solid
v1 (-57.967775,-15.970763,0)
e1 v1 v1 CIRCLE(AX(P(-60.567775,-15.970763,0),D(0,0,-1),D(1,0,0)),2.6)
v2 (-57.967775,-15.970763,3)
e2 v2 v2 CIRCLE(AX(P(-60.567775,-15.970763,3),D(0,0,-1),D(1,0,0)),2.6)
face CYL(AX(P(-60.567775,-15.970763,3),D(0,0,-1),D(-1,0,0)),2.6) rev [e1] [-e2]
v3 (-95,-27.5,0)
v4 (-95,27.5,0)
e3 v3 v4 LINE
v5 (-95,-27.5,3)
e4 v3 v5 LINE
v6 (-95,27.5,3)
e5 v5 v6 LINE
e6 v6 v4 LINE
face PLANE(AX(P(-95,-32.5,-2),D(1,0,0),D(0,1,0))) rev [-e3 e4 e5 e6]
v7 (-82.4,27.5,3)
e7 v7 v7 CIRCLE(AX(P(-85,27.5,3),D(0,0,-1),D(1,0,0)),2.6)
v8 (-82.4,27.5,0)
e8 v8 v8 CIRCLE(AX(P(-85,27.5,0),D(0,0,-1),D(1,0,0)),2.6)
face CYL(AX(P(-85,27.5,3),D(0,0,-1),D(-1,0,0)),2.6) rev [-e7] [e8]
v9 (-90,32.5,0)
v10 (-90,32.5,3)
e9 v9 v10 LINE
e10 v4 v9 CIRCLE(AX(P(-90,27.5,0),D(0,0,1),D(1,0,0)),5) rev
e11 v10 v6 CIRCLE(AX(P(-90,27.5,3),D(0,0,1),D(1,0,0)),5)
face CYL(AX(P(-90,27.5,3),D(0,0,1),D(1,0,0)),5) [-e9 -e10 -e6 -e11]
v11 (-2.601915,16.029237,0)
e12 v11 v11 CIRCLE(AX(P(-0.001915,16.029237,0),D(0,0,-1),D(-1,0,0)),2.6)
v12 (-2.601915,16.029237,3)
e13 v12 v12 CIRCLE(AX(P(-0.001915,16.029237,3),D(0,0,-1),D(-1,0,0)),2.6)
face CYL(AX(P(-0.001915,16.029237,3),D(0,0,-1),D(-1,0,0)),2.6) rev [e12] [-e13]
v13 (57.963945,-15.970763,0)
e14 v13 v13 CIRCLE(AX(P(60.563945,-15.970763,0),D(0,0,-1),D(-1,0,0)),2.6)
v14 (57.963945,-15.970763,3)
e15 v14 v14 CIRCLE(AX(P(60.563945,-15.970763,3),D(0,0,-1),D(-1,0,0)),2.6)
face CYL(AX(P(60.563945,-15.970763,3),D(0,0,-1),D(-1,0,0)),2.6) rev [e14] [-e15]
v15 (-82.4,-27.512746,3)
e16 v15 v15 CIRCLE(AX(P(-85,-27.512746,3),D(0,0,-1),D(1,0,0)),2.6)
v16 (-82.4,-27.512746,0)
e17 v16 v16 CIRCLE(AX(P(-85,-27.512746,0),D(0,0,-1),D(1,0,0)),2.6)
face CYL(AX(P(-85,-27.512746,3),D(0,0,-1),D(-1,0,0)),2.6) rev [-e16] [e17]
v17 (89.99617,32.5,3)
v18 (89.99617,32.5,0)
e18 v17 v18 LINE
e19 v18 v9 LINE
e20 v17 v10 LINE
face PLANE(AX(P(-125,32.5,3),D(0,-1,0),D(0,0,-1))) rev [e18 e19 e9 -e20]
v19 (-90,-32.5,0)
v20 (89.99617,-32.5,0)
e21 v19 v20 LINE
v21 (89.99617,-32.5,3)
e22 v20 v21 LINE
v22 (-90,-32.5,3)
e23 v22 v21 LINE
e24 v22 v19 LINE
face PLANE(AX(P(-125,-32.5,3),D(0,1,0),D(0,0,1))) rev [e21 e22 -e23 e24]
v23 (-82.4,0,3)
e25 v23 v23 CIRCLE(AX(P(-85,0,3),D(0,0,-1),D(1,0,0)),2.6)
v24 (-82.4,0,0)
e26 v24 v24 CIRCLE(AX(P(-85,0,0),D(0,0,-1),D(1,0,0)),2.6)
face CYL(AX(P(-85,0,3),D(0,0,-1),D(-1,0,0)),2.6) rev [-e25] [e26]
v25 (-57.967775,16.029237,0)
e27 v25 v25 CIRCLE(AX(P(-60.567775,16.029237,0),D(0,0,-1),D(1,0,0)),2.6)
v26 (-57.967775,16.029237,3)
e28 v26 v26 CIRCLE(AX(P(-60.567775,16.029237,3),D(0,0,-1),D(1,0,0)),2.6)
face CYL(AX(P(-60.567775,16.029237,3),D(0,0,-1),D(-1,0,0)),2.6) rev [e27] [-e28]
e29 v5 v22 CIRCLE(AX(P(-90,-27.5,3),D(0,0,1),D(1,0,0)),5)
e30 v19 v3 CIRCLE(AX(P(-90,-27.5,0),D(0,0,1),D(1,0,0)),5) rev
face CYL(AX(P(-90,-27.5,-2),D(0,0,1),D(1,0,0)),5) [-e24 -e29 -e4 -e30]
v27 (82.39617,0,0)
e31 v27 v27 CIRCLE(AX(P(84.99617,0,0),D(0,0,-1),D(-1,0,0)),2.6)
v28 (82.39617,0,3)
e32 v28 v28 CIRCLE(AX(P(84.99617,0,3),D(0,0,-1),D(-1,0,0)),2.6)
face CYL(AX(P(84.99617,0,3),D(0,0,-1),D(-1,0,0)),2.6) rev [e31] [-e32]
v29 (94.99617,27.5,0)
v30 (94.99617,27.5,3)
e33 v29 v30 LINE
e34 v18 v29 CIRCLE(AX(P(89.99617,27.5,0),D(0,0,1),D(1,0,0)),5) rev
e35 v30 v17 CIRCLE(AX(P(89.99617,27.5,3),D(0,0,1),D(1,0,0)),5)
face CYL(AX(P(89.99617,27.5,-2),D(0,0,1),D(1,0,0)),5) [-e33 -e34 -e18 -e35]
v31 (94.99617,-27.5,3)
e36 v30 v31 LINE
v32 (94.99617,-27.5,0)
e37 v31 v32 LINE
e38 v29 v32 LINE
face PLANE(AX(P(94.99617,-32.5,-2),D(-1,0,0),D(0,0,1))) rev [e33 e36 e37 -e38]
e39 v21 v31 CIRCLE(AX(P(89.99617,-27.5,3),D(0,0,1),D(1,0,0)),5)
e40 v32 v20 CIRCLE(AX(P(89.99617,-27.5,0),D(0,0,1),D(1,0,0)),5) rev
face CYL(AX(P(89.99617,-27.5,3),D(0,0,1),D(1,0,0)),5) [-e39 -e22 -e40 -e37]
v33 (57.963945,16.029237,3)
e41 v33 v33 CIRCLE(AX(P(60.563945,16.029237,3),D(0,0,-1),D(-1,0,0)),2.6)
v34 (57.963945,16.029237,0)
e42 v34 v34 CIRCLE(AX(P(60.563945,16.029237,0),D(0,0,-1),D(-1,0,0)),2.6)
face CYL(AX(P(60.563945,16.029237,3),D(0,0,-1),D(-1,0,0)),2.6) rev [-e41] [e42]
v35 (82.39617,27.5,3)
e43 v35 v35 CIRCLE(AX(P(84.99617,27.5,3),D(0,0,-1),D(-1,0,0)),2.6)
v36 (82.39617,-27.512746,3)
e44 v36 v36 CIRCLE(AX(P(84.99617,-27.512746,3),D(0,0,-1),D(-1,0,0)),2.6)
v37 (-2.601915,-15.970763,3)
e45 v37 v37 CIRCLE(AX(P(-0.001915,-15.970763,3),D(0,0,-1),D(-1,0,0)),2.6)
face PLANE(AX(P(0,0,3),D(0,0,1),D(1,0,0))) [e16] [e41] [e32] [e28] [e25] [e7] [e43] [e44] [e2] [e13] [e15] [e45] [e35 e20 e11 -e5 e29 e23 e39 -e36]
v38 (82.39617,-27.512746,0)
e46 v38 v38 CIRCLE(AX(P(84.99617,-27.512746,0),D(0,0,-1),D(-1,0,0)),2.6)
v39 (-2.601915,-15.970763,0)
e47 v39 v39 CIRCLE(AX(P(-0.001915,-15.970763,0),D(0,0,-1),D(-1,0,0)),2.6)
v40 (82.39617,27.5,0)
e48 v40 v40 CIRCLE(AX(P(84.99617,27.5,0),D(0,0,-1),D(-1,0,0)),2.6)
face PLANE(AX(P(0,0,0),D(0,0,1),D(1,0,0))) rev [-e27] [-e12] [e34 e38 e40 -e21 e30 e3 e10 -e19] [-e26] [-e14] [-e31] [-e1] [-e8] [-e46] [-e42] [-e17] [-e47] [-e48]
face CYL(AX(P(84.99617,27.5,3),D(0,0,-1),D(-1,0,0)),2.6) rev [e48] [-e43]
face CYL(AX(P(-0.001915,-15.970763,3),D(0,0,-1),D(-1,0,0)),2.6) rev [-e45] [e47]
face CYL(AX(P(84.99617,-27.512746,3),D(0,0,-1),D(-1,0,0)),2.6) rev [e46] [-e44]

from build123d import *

# Parameters (mm, degrees)
SKETCH_1_W           = 250
SKETCH_1_H           = 65
SKETCH_1_R           = 2.5
EXTRUDE_1_DEPTH      = 3
FILLET_1_R           = 3
CUT_EXTRUDE_3_DEPTH  = 4
FILLET_2_R           = 3
SKETCH_6_W           = 30
SKETCH_6_H           = 65
CUT_EXTRUDE_4_DEPTH  = 5
CUT_EXTRUDE_7_DEPTH  = 5
FILLET_3_R           = 5
SKETCH_8_R           = 2.5
EXTRUDE_2_DEPTH      = 3
SKETCH_10_R          = 2.5
CUT_EXTRUDE_8_DEPTH  = 3
SKETCH_13_R          = 2.5
EXTRUDE_3_DEPTH      = 3
SKETCH_15_R          = 2.5
EXTRUDE_4_DEPTH      = 3
SKETCH_18_R          = 2.5
CUT_EXTRUDE_11_DEPTH = 4
SKETCH_20_R          = 2.5
CUT_EXTRUDE_12_DEPTH = 10
SKETCH_21_R          = 2.6
CUT_EXTRUDE_13_DEPTH = 4


with BuildPart() as part:
    # 草图1 → 凸台-拉伸1 (new body)
    with BuildSketch(Plane.XY):
        Rectangle(SKETCH_1_W, SKETCH_1_H)
        with Locations((-70, 16)):
            Circle(SKETCH_1_R, mode=Mode.SUBTRACT)
        with Locations((-70, -16)):
            Circle(SKETCH_1_R, mode=Mode.SUBTRACT)
        with Locations((70, -16)):
            Circle(SKETCH_1_R, mode=Mode.SUBTRACT)
        with Locations((70, 16)):
            Circle(SKETCH_1_R, mode=Mode.SUBTRACT)
        with Locations((0, 16)):
            Circle(SKETCH_1_R, mode=Mode.SUBTRACT)
        with Locations((0, -16)):
            Circle(SKETCH_1_R, mode=Mode.SUBTRACT)
    extrude(amount=EXTRUDE_1_DEPTH)

    # 圆角1
    fillet_1_edges = [part.edges().sort_by_distance(p)[0] for p in [
        (125, -32.5, 1.5),
        (-125, -32.5, 1.5),
        (-125, 32.5, 1.5),
        (125, 32.5, 1.5),
    ]]
    fillet(fillet_1_edges, radius=FILLET_1_R)

    # 草图4 → 切除-拉伸3 (cut, through all)
    with BuildSketch(Plane(origin=(0, 0, 0), x_dir=(-1, 0, 0), z_dir=(0, 0, -1))):
        with BuildLine():
            Line((-113.82, 32.5), (-122, 32.5))
            ThreePointArc((-122, 32.5), (-124.121320344, 31.621320344), (-125, 29.5))
            Line((-125, 29.5), (-125, -29.5))
            ThreePointArc((-125, -29.5), (-124.121320344, -31.621320344), (-122, -32.5))
            Line((-122, -32.5), (-113.82, -32.5))
            Line((-113.82, -32.5), (-113.82, 32.5))
        make_face()
    extrude(amount=-CUT_EXTRUDE_3_DEPTH, mode=Mode.SUBTRACT)

    # 圆角2
    fillet_2_edges = [part.edges().sort_by_distance(p)[0] for p in [
        (113.82, 32.5, 1.5),
        (113.82, -32.5, 1.5),
    ]]
    fillet(fillet_2_edges, radius=FILLET_2_R)

    # 草图6 → 切除-拉伸4 (cut)
    with BuildSketch(Plane.XY.offset(3)):
        with Locations((-110, 0)):
            Rectangle(SKETCH_6_W, SKETCH_6_H)
    extrude(amount=-CUT_EXTRUDE_4_DEPTH, mode=Mode.SUBTRACT)

    # 草图7 → 切除-拉伸7 (cut)
    with BuildSketch(Plane.XY.offset(3)):
        Polygon((113.82, -32.860309594), (113.82, 33.556993736), (94.996170136, 32.5), (94.996170136, -32.5), align=None)
    extrude(amount=-CUT_EXTRUDE_7_DEPTH, mode=Mode.SUBTRACT)

    # 圆角3
    fillet_3_edges = [part.edges().sort_by_distance(p)[0] for p in [
        (-95, 32.5, 1.5),
        (-95, -32.5, 1.5),
        (94.996170136, -32.5, 1.5),
        (94.996170136, 32.5, 1.5),
    ]]
    fillet(fillet_3_edges, radius=FILLET_3_R)

    # 草图8 → 凸台-拉伸2 (add)
    with BuildSketch(Plane(origin=(0, 0, 0), x_dir=(-1, 0, 0), z_dir=(0, 0, -1))):
        with Locations((70, 16)):
            Circle(SKETCH_8_R)
        with Locations((70, -16)):
            Circle(SKETCH_8_R)
        with Locations((-70, 16)):
            Circle(SKETCH_8_R)
        with Locations((-70, -16)):
            Circle(SKETCH_8_R)
    extrude(amount=-EXTRUDE_2_DEPTH)

    # 草图10 → 切除-拉伸8 (cut)
    with BuildSketch(Plane(origin=(0, 0, 0), x_dir=(-1, 0, 0), z_dir=(0, 0, -1))):
        with Locations((-60.563944815, 16.029236842)):
            Circle(SKETCH_10_R)
        with Locations((-60.563944815, -15.970763158)):
            Circle(SKETCH_10_R)
        with Locations((62.89412836, 16.029236842)):
            Circle(SKETCH_10_R)
        with Locations((62.89412836, -15.970763158)):
            Circle(SKETCH_10_R)
    extrude(amount=-CUT_EXTRUDE_8_DEPTH, mode=Mode.SUBTRACT)

    # 草图13 → 凸台-拉伸3 (add)
    with BuildSketch(Plane(origin=(0, 0, 0), x_dir=(-1, 0, 0), z_dir=(0, 0, -1))):
        with Locations((62.89412836, 16.029236842)):
            Circle(SKETCH_13_R)
        with Locations((62.89412836, -15.970763158)):
            Circle(SKETCH_13_R)
    extrude(amount=-EXTRUDE_3_DEPTH)

    # 草图15 → 凸台-拉伸4 (add)
    with BuildSketch(Plane(origin=(0, 0, 0), x_dir=(-1, 0, 0), z_dir=(0, 0, -1))):
        with Locations((62.89412836, 16.029236843)):
            Circle(SKETCH_15_R)
        with Locations((62.89412836, -15.970763157)):
            Circle(SKETCH_15_R)
    extrude(amount=-EXTRUDE_4_DEPTH)

    # 草图18 → 切除-拉伸11 (cut, through all)
    with BuildSketch(Plane(origin=(0, 0, 0), x_dir=(-1, 0, 0), z_dir=(0, 0, -1))):
        with Locations((-84.996170136, 27.5)):
            Circle(SKETCH_18_R)
        with Locations((-84.996170136, -27.5)):
            Circle(SKETCH_18_R)
    cut_extrude_11 = extrude(amount=-CUT_EXTRUDE_11_DEPTH, mode=Mode.SUBTRACT)

    # 镜向1: 切除-拉伸11 across plane
    add(cut_extrude_11.mirror(Plane(origin=(-0.001914932, 0, 0), x_dir=(0, 0, 1), z_dir=(1, 0, 0))), mode=Mode.SUBTRACT)

    # 草图20 → 切除-拉伸12 (cut)
    with BuildSketch(Plane(origin=(0, 0, 0), x_dir=(-1, 0, 0), z_dir=(0, 0, -1))):
        with Locations((85, 0)):
            Circle(SKETCH_20_R)
        with Locations((-84.996170136, 0)):
            Circle(SKETCH_20_R)
    extrude(amount=-CUT_EXTRUDE_12_DEPTH, mode=Mode.SUBTRACT)

    # 草图21 → 切除-拉伸13 (cut, through all)
    with BuildSketch(Plane(origin=(0, 0, 0), x_dir=(-1, 0, 0), z_dir=(0, 0, -1))):
        with Locations((-84.996170136, 27.5)):
            Circle(SKETCH_21_R)
        with Locations((-60.563944815, 16.029236842)):
            Circle(SKETCH_21_R)
        with Locations((-84.996170136, 0)):
            Circle(SKETCH_21_R)
        with Locations((-60.563944815, -15.970763158)):
            Circle(SKETCH_21_R)
        with Locations((-84.996170136, -27.512746042)):
            Circle(SKETCH_21_R)
        with Locations((0.001914932, 16.029236842)):
            Circle(SKETCH_21_R)
        with Locations((0.001914932, -15.970763158)):
            Circle(SKETCH_21_R)
        with Locations((85, -27.512746042)):
            Circle(SKETCH_21_R)
        with Locations((60.567774678, -15.970763158)):
            Circle(SKETCH_21_R)
        with Locations((85, 0)):
            Circle(SKETCH_21_R)
        with Locations((60.567774678, 16.029236842)):
            Circle(SKETCH_21_R)
        with Locations((85, 27.5)):
            Circle(SKETCH_21_R)
    extrude(amount=-CUT_EXTRUDE_13_DEPTH, mode=Mode.SUBTRACT)


solid = part.part
